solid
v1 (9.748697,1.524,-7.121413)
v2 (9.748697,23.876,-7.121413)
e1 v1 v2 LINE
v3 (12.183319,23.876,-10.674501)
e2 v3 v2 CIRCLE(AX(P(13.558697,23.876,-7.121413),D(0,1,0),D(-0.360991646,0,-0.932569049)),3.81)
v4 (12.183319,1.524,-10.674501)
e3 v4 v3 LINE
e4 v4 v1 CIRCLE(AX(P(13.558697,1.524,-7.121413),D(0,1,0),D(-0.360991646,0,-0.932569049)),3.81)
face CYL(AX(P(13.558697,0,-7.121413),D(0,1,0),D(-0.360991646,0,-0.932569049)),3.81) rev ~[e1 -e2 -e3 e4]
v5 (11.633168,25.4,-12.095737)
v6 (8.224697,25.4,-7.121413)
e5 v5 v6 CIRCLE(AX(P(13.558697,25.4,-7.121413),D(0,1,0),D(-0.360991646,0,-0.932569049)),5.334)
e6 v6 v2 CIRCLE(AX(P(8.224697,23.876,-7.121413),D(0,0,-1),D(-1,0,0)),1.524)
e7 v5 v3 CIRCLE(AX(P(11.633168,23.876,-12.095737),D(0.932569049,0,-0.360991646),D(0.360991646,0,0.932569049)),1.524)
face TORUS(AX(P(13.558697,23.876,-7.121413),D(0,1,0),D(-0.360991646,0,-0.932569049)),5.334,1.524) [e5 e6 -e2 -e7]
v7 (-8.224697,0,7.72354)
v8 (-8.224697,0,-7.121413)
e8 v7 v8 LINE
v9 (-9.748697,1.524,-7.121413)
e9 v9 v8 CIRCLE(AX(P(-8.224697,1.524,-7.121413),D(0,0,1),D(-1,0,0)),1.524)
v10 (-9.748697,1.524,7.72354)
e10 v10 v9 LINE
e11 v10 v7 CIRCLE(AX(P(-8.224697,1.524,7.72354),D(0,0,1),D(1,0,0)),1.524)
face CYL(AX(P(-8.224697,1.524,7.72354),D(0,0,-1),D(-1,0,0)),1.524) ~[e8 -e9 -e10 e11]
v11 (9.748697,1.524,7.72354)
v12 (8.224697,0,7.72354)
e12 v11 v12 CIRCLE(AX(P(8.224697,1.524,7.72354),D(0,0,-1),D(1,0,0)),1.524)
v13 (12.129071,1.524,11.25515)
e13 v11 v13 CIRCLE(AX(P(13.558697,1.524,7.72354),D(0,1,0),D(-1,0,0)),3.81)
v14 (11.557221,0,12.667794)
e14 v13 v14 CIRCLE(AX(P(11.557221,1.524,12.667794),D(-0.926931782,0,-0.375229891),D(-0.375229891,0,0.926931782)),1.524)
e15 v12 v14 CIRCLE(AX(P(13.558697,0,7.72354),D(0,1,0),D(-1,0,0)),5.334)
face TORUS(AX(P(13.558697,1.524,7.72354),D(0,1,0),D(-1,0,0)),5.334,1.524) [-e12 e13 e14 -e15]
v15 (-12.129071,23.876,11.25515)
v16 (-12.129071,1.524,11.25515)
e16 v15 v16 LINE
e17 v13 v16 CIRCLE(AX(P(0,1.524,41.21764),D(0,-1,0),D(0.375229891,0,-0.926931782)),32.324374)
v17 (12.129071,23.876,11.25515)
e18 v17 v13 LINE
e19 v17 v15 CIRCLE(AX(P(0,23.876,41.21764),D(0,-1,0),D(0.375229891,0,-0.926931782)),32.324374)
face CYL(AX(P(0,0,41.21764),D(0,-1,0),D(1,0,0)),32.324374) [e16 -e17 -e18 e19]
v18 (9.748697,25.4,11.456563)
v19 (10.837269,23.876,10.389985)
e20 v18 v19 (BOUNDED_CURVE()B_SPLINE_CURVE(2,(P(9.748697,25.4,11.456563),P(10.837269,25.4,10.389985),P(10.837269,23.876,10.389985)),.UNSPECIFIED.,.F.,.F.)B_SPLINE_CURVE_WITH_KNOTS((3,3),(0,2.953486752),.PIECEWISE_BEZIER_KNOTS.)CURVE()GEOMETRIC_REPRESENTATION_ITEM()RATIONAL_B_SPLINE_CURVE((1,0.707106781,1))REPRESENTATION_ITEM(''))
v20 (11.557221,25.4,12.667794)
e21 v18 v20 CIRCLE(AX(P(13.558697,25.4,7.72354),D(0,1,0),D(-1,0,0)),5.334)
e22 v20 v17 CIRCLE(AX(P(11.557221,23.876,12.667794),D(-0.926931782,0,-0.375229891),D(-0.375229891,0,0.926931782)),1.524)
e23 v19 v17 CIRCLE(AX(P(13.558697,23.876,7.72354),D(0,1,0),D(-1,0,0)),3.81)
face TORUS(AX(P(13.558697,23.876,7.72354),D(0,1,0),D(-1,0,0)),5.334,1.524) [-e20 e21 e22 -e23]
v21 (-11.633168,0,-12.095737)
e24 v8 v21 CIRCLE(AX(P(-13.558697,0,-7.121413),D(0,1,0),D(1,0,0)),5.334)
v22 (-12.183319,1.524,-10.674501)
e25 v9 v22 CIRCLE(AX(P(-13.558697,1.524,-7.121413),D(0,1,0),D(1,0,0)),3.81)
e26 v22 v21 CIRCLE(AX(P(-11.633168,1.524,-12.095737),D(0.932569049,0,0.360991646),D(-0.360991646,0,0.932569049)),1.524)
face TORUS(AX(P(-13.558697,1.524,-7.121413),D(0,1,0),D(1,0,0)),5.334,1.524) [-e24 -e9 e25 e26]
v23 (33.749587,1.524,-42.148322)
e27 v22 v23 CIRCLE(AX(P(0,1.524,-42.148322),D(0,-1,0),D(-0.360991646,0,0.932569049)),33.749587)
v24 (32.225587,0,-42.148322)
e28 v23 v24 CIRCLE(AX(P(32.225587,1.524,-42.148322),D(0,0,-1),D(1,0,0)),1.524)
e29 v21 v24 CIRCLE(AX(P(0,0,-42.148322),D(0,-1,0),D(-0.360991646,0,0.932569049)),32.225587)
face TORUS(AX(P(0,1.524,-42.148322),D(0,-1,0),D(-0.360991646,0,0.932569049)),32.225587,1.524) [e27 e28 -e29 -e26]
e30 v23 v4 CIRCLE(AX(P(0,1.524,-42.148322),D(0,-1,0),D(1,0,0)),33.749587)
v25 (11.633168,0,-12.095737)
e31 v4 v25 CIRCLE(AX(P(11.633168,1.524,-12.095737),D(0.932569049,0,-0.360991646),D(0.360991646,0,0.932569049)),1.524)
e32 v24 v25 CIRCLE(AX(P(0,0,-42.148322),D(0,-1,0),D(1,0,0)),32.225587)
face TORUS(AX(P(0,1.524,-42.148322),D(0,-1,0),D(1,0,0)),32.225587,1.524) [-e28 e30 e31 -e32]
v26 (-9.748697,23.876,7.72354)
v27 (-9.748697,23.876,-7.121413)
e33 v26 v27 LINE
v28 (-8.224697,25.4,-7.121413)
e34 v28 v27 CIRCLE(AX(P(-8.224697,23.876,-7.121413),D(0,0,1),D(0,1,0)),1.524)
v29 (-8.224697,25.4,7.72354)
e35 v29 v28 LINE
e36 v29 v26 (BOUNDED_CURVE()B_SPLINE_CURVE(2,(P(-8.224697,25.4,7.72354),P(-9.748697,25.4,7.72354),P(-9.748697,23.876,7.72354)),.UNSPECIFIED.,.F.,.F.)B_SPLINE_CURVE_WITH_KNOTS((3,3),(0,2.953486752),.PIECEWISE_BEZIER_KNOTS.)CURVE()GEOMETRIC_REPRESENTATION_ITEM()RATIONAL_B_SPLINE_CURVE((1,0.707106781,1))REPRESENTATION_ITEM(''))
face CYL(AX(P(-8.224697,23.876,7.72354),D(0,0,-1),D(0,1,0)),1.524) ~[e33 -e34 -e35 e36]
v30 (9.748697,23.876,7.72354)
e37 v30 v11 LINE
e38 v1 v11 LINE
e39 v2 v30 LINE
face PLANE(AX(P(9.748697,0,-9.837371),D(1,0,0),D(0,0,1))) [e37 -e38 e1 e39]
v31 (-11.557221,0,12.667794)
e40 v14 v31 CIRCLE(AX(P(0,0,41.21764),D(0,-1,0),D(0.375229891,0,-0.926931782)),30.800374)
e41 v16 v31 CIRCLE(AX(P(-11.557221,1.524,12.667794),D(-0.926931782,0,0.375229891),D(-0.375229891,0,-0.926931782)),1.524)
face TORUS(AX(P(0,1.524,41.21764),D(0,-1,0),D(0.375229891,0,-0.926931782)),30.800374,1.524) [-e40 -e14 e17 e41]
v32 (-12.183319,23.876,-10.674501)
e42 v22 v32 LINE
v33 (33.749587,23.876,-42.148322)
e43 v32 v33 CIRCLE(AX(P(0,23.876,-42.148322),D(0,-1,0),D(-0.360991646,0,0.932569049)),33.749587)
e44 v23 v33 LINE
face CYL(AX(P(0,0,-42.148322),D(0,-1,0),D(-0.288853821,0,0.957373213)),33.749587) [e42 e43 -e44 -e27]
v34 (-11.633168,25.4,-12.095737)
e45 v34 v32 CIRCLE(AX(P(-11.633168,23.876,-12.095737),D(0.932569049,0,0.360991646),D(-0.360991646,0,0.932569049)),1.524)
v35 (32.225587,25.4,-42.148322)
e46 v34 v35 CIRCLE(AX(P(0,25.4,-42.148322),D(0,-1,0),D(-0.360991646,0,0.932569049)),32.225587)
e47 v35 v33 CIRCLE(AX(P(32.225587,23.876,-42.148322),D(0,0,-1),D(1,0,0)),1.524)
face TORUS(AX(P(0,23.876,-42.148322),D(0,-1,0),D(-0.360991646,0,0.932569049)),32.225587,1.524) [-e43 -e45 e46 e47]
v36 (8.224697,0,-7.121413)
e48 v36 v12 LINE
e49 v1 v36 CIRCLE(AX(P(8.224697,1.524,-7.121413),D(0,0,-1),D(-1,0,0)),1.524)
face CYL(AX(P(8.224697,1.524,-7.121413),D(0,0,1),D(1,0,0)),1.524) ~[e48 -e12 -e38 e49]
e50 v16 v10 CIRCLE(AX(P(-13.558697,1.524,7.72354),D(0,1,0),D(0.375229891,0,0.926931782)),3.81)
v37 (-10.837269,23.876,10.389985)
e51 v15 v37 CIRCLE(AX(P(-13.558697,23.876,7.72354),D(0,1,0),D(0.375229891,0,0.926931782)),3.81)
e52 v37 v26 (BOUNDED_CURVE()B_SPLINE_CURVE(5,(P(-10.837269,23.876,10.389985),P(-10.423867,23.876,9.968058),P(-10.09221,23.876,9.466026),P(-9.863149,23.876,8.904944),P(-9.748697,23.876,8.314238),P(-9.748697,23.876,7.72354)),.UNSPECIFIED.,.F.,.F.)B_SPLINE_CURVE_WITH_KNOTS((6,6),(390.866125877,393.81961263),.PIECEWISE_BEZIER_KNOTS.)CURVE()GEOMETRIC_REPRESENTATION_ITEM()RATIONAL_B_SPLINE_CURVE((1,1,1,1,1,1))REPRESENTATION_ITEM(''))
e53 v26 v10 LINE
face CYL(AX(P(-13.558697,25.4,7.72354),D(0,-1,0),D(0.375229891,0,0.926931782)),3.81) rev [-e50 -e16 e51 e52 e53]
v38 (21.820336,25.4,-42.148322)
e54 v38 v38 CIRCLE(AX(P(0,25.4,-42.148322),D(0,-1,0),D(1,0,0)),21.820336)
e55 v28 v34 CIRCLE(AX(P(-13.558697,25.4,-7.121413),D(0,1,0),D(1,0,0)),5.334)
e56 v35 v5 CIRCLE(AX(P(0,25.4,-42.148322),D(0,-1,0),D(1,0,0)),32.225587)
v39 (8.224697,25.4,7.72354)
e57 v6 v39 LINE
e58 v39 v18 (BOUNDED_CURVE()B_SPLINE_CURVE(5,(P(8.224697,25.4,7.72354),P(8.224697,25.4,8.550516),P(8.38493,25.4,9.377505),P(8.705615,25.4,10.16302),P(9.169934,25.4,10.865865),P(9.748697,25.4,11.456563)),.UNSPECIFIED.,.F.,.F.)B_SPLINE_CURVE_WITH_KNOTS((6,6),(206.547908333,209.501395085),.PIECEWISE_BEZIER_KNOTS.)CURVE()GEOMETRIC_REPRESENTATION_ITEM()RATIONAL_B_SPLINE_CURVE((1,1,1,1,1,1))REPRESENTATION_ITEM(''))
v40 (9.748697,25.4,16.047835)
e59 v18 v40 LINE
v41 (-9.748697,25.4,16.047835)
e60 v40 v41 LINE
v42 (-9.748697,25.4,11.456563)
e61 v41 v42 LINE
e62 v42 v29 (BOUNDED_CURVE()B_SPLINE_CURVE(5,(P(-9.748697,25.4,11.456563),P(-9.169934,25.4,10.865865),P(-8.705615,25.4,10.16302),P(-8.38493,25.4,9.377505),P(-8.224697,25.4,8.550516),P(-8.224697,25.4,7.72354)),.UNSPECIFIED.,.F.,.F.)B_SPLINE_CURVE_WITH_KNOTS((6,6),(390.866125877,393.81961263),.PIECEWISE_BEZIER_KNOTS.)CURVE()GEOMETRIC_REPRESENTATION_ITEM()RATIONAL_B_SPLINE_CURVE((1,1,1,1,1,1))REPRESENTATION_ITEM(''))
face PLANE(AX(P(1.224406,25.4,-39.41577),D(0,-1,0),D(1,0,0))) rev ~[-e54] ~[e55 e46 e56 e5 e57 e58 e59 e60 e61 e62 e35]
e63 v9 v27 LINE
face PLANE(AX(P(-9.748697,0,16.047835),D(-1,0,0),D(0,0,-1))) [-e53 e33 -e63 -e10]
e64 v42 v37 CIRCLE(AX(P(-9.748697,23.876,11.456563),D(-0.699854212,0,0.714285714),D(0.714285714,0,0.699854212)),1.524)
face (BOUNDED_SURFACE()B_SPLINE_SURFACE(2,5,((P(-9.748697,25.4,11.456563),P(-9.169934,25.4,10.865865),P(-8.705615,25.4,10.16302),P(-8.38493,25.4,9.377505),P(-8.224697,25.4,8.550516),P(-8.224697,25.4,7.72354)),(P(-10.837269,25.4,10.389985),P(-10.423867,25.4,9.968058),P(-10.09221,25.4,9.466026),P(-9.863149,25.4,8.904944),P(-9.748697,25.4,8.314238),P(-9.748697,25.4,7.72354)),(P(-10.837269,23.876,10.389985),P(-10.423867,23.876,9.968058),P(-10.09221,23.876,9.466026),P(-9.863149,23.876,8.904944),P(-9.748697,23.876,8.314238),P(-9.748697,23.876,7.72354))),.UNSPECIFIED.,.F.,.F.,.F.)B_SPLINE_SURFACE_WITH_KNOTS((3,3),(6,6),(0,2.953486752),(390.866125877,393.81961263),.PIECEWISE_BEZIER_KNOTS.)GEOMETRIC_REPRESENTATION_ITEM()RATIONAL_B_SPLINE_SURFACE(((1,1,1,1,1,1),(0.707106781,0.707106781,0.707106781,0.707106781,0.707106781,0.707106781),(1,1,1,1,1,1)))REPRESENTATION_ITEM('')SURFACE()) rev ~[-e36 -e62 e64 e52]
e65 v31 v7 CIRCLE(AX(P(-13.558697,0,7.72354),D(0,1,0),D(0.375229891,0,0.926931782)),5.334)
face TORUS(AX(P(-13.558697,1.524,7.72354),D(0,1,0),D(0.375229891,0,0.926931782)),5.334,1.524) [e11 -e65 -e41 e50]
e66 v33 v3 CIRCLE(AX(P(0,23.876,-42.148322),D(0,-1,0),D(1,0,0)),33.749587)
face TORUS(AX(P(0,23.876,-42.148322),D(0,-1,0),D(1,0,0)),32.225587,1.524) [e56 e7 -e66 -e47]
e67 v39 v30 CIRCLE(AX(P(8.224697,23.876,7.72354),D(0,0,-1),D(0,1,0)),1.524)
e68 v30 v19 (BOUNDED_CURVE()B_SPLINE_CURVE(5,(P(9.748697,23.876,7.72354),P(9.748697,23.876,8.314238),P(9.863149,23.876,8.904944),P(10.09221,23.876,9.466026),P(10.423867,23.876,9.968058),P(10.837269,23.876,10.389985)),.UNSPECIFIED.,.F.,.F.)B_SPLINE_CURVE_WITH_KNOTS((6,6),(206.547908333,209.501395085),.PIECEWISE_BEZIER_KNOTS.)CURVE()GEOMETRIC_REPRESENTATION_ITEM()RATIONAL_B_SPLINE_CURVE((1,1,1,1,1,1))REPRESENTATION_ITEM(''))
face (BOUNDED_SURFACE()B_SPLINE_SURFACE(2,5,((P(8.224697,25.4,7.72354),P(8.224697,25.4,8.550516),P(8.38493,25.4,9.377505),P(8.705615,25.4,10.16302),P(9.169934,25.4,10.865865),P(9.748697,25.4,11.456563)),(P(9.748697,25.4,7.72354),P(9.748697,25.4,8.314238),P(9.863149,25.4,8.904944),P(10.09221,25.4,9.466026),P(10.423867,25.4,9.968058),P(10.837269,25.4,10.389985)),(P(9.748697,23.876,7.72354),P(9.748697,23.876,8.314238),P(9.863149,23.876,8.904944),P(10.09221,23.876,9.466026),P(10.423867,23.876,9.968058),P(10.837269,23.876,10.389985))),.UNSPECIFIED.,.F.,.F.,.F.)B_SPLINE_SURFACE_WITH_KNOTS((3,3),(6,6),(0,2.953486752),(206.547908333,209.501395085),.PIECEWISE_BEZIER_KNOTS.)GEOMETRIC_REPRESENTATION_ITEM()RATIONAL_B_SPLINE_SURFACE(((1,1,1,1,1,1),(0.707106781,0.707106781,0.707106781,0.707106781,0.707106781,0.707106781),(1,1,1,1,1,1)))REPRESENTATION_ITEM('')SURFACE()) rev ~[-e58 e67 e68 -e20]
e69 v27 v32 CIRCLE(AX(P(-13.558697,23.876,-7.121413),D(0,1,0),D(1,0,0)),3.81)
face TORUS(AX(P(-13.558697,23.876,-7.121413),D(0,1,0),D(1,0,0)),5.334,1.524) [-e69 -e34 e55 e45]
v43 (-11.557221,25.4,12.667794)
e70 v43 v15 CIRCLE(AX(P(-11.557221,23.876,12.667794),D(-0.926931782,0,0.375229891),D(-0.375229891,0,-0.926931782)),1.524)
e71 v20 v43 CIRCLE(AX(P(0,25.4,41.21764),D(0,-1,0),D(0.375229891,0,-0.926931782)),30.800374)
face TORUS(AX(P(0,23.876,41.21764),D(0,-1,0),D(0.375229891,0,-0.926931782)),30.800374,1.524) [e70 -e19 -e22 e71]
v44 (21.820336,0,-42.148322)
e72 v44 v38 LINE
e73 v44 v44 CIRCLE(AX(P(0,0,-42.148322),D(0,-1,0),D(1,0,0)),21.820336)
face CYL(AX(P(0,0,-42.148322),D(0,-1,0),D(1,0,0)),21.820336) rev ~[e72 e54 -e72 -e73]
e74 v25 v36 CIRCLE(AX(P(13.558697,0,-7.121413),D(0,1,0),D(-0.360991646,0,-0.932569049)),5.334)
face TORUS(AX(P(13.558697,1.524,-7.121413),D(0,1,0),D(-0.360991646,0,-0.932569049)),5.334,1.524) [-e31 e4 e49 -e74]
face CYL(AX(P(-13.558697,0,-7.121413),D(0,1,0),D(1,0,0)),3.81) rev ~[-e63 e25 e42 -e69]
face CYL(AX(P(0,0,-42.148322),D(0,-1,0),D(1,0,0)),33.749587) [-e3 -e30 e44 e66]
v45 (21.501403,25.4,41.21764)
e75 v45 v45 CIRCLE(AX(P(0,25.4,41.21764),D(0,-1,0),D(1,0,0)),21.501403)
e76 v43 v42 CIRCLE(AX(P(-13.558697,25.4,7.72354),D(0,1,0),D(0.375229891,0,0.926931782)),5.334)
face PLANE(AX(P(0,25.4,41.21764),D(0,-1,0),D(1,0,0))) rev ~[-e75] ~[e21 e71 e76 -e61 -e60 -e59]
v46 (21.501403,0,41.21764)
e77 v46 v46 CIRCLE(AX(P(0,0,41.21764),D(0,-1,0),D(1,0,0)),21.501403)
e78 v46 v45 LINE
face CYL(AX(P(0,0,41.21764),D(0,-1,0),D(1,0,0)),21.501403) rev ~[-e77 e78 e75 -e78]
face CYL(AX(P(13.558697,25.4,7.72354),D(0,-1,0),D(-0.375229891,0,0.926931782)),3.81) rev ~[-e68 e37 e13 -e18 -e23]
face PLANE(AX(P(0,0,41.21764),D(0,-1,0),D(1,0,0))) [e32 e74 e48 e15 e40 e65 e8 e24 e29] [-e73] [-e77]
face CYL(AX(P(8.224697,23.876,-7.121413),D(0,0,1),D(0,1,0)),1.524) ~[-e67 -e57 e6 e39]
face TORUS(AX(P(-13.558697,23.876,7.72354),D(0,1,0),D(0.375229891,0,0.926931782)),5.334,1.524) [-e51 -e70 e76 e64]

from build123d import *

# Parameters (mm, degrees)
F2_R     = 21.8203360692
F3_DEPTH = 25.4
F4_R     = 32.3243741503
F4_R_2   = 21.5014025506
F5_DEPTH = 25.399999693
F6_R     = 3.81
F8_R     = 1.524


with BuildPart() as f3:
    # F2 (on face) → F3 (new body)
    with BuildSketch(Plane.XZ):
        with BuildLine():
            ThreePointArc((33.7495873612, -42.148321867), (27.0928879745, -22.0234599232), (9.7486972809, -9.8373709621))
            Line((9.7486972809, -9.8373709621), (9.7486972809, -16.04783535))
            Line((9.7486972809, -16.04783535), (-9.7486972809, -16.04783535))
            Line((-9.7486972809, -16.04783535), (-9.7486972809, -9.8373709621))
            ThreePointArc((-9.7486972809, -9.8373709621), (-20.1248619438, -69.2412098414), (33.7495873612, -42.148321867))
        make_face()
        with Locations((0, -42.148321867)):
            Circle(F2_R, mode=Mode.SUBTRACT)
        with BuildLine():
            Line((9.7486972809, -9.8373709621), (9.7486972809, 16.04783535))
            Line((9.7486972809, 16.04783535), (-9.7486972809, 16.04783535))
            Line((-9.7486972809, 16.04783535), (-9.7486972809, -9.8373709621))
            ThreePointArc((-9.7486972809, -9.8373709621), (0, -8.3987345058), (9.7486972809, -9.8373709621))
        make_face()
        with BuildLine():
            Line((9.7486972809, -16.04783535), (9.7486972809, -9.8373709621))
            ThreePointArc((9.7486972809, -9.8373709621), (0, -8.3987345058), (-9.7486972809, -9.8373709621))
            Line((-9.7486972809, -9.8373709621), (-9.7486972809, -16.04783535))
            Line((-9.7486972809, -16.04783535), (9.7486972809, -16.04783535))
        make_face()
    extrude(amount=-F3_DEPTH)

    # F4 (on Front) → F5 (join)
    with BuildSketch(Plane.XZ):
        with Locations((0, 41.2176400423)):
            Circle(F4_R)
        with Locations((0, 41.2176400423)):
            Circle(F4_R_2, mode=Mode.SUBTRACT)
    extrude(amount=-F5_DEPTH)

    # F6
    f6_edges = [f3.edges().sort_by_distance(p)[0] for p in [
        (-9.748697, 12.7, -9.837371),
        (-9.748697, 12.7, 10.398359),
        (9.748697, 12.7, 10.398359),
        (9.748697, 12.7, -9.837371),
    ]]
    fillet(f6_edges, radius=F6_R)

    # F8
    f8_edges = [f3.edges().sort_by_distance(p)[0] for p in [
        (0, 0, -75.897909),
        (-12.183319, 12.7, -10.674501),
        (12.183319, 12.7, -10.674501),
        (0, 25.4, -75.897909),
        (10.415746, 0, -9.275004),
        (9.748697, 12.7, -7.121413),
        (10.415746, 25.4, -9.275004),
        (-10.415746, 0, -9.275004),
        (-9.748697, 12.7, -7.121413),
        (-10.415746, 25.4, -9.275004),
        (10.399348, 25.4, 9.853003),
        (12.129071, 12.7, 11.25515),
        (9.748697, 12.7, 7.72354),
        (10.399348, 0, 9.853003),
        (0, 0, 73.542014),
        (-12.129071, 12.7, 11.25515),
        (0, 25.4, 73.542014),
        (-10.399348, 25.4, 9.853003),
        (-9.748697, 12.7, 7.72354),
        (-10.399348, 0, 9.853003),
    ]]
    fillet(f8_edges, radius=F8_R)


solid = f3.part
